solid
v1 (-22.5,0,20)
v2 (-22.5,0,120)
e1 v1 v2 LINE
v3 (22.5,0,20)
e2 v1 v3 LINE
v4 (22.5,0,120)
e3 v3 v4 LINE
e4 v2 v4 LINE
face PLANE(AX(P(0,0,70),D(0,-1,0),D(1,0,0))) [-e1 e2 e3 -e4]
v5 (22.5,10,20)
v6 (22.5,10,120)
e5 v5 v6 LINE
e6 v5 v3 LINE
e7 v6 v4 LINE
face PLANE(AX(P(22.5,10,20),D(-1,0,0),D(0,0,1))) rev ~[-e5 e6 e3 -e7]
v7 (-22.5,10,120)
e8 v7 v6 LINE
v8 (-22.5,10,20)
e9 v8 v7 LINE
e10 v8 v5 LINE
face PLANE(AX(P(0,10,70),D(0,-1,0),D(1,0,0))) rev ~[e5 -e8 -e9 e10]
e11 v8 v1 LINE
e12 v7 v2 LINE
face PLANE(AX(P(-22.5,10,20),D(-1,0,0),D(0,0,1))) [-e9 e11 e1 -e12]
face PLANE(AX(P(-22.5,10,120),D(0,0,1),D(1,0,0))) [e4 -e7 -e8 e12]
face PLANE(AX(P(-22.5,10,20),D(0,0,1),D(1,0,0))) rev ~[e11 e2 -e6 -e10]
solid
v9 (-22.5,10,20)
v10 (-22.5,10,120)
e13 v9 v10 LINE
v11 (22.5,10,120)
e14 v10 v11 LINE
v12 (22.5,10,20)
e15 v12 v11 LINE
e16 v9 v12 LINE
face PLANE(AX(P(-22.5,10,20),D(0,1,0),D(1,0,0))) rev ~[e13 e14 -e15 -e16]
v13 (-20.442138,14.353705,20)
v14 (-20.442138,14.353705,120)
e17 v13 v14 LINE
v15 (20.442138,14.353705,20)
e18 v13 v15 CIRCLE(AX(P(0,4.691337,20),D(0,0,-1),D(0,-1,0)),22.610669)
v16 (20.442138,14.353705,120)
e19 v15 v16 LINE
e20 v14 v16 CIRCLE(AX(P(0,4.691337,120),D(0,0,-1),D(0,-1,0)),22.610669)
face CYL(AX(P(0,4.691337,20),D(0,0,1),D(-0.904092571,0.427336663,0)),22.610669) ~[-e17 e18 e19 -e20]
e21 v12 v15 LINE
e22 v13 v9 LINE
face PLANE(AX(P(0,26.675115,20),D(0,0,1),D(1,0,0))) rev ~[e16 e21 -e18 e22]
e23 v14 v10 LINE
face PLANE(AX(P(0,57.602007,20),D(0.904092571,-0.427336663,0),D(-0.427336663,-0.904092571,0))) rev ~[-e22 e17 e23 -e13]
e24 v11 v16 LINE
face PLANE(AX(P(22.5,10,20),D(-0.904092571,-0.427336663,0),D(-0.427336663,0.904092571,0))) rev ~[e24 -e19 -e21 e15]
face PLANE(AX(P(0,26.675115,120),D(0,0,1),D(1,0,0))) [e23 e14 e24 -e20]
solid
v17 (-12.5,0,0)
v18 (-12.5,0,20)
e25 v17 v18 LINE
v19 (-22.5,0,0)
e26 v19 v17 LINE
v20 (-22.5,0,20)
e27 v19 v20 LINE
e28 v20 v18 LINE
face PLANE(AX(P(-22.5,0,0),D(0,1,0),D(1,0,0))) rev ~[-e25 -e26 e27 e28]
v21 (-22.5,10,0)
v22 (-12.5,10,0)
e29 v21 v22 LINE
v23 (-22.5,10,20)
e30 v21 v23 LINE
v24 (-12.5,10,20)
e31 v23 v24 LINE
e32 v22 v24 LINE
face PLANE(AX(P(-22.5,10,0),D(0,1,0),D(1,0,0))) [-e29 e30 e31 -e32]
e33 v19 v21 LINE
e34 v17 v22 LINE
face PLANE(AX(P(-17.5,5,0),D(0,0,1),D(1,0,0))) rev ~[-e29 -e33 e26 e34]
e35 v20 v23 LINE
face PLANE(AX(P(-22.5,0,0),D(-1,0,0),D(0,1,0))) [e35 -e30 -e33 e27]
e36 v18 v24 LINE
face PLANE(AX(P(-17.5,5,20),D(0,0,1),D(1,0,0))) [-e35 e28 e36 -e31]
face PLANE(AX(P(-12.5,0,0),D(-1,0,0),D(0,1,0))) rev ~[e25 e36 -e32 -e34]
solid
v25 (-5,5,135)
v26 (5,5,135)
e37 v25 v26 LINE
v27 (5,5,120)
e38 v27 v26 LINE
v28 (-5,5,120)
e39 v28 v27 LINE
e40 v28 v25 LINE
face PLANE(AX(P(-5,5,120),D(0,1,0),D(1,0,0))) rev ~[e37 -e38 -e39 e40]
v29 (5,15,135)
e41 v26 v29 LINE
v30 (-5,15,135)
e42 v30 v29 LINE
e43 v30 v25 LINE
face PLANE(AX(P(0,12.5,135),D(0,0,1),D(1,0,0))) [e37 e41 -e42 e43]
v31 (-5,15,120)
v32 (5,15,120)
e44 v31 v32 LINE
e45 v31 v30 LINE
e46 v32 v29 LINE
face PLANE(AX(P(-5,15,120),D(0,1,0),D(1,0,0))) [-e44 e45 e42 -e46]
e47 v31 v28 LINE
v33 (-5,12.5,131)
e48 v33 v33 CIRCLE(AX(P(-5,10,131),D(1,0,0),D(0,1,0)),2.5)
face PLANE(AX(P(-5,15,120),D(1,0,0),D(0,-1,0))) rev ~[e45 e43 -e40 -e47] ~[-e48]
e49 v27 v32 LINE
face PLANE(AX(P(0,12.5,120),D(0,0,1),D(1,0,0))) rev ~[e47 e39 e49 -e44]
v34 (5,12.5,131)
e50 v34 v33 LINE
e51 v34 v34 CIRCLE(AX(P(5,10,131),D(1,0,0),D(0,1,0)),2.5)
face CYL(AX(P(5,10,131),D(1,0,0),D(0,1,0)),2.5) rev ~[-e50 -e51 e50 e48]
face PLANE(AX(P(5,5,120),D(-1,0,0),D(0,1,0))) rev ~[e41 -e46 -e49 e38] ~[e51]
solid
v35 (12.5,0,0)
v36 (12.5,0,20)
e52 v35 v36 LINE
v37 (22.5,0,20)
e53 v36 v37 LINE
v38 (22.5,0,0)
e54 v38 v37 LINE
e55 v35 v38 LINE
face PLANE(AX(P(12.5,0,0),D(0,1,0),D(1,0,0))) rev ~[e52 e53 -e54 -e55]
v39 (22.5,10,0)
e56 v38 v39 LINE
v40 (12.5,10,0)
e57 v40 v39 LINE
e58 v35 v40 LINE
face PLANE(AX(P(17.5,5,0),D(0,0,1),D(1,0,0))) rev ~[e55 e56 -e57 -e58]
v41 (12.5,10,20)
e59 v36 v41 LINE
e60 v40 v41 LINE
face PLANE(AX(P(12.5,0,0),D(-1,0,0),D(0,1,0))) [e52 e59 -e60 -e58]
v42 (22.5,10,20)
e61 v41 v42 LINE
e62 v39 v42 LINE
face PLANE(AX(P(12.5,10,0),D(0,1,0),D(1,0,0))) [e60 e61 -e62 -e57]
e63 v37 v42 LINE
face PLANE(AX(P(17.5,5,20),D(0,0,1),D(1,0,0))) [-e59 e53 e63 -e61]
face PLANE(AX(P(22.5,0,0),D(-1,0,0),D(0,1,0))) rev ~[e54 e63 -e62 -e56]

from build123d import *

# Parameters (mm, degrees)
F0_W      = 10
F0_H      = 10
F1_DEPTH  = 20
F3_DEPTH  = 100
F4_R      = 22.610669
F3_FACE_W = 45
F3_FACE_H = 100
F5_DEPTH  = 10
F6_W      = 10
F6_H      = 5
F7_DEPTH  = 15
F8_R      = 2.5
F9_DEPTH  = 25


with BuildPart() as f1:
    # F0 (on Top) → F1 (new body)
    with BuildSketch(Plane.XY):
        with Locations((17.5, 5)):
            Rectangle(F0_W, F0_H)
        with Locations((-17.5, 5)):
            Rectangle(F0_W, F0_H)
    extrude(amount=F1_DEPTH)


with BuildPart() as f3:
    # F2 (on face) → F3 (new body)
    with BuildSketch(Plane.XY.offset(20)):
        Polygon((0, 57.602007), (-22.5, 10), (-12.5, 10), (22.5, 10), align=None)
    extrude(amount=F3_DEPTH)

    # F4
    f4_edges = [f3.edges().sort_by_distance(p)[0] for p in [
        (0, 57.602007, 70),
    ]]
    fillet(f4_edges, radius=F4_R)


with BuildPart() as f5:
    # F3_face (on face) → F5 (new body)
    with BuildSketch(Plane(origin=(0, 10, 70), x_dir=(1, 0, 0), z_dir=(0, -1, 0))):
        Rectangle(F3_FACE_W, F3_FACE_H)
    extrude(amount=F5_DEPTH)


with BuildPart() as f7:
    # F6 (on face) → F7 (new body)
    with BuildSketch(Plane.XY.offset(120)):
        with Locations((0, 12.5)):
            Rectangle(F6_W, F6_H)
        with Locations((0, 7.5)):
            Rectangle(F6_W, F6_H)
    extrude(amount=F7_DEPTH)

    # F8 (on face) → F9 (cut)
    with BuildSketch(Plane.YZ.offset(5)):
        with Locations((10, 131)):
            Circle(F8_R)
    extrude(amount=-F9_DEPTH, mode=Mode.SUBTRACT)


solid = Compound([f1.part, f3.part, f5.part, f7.part])
